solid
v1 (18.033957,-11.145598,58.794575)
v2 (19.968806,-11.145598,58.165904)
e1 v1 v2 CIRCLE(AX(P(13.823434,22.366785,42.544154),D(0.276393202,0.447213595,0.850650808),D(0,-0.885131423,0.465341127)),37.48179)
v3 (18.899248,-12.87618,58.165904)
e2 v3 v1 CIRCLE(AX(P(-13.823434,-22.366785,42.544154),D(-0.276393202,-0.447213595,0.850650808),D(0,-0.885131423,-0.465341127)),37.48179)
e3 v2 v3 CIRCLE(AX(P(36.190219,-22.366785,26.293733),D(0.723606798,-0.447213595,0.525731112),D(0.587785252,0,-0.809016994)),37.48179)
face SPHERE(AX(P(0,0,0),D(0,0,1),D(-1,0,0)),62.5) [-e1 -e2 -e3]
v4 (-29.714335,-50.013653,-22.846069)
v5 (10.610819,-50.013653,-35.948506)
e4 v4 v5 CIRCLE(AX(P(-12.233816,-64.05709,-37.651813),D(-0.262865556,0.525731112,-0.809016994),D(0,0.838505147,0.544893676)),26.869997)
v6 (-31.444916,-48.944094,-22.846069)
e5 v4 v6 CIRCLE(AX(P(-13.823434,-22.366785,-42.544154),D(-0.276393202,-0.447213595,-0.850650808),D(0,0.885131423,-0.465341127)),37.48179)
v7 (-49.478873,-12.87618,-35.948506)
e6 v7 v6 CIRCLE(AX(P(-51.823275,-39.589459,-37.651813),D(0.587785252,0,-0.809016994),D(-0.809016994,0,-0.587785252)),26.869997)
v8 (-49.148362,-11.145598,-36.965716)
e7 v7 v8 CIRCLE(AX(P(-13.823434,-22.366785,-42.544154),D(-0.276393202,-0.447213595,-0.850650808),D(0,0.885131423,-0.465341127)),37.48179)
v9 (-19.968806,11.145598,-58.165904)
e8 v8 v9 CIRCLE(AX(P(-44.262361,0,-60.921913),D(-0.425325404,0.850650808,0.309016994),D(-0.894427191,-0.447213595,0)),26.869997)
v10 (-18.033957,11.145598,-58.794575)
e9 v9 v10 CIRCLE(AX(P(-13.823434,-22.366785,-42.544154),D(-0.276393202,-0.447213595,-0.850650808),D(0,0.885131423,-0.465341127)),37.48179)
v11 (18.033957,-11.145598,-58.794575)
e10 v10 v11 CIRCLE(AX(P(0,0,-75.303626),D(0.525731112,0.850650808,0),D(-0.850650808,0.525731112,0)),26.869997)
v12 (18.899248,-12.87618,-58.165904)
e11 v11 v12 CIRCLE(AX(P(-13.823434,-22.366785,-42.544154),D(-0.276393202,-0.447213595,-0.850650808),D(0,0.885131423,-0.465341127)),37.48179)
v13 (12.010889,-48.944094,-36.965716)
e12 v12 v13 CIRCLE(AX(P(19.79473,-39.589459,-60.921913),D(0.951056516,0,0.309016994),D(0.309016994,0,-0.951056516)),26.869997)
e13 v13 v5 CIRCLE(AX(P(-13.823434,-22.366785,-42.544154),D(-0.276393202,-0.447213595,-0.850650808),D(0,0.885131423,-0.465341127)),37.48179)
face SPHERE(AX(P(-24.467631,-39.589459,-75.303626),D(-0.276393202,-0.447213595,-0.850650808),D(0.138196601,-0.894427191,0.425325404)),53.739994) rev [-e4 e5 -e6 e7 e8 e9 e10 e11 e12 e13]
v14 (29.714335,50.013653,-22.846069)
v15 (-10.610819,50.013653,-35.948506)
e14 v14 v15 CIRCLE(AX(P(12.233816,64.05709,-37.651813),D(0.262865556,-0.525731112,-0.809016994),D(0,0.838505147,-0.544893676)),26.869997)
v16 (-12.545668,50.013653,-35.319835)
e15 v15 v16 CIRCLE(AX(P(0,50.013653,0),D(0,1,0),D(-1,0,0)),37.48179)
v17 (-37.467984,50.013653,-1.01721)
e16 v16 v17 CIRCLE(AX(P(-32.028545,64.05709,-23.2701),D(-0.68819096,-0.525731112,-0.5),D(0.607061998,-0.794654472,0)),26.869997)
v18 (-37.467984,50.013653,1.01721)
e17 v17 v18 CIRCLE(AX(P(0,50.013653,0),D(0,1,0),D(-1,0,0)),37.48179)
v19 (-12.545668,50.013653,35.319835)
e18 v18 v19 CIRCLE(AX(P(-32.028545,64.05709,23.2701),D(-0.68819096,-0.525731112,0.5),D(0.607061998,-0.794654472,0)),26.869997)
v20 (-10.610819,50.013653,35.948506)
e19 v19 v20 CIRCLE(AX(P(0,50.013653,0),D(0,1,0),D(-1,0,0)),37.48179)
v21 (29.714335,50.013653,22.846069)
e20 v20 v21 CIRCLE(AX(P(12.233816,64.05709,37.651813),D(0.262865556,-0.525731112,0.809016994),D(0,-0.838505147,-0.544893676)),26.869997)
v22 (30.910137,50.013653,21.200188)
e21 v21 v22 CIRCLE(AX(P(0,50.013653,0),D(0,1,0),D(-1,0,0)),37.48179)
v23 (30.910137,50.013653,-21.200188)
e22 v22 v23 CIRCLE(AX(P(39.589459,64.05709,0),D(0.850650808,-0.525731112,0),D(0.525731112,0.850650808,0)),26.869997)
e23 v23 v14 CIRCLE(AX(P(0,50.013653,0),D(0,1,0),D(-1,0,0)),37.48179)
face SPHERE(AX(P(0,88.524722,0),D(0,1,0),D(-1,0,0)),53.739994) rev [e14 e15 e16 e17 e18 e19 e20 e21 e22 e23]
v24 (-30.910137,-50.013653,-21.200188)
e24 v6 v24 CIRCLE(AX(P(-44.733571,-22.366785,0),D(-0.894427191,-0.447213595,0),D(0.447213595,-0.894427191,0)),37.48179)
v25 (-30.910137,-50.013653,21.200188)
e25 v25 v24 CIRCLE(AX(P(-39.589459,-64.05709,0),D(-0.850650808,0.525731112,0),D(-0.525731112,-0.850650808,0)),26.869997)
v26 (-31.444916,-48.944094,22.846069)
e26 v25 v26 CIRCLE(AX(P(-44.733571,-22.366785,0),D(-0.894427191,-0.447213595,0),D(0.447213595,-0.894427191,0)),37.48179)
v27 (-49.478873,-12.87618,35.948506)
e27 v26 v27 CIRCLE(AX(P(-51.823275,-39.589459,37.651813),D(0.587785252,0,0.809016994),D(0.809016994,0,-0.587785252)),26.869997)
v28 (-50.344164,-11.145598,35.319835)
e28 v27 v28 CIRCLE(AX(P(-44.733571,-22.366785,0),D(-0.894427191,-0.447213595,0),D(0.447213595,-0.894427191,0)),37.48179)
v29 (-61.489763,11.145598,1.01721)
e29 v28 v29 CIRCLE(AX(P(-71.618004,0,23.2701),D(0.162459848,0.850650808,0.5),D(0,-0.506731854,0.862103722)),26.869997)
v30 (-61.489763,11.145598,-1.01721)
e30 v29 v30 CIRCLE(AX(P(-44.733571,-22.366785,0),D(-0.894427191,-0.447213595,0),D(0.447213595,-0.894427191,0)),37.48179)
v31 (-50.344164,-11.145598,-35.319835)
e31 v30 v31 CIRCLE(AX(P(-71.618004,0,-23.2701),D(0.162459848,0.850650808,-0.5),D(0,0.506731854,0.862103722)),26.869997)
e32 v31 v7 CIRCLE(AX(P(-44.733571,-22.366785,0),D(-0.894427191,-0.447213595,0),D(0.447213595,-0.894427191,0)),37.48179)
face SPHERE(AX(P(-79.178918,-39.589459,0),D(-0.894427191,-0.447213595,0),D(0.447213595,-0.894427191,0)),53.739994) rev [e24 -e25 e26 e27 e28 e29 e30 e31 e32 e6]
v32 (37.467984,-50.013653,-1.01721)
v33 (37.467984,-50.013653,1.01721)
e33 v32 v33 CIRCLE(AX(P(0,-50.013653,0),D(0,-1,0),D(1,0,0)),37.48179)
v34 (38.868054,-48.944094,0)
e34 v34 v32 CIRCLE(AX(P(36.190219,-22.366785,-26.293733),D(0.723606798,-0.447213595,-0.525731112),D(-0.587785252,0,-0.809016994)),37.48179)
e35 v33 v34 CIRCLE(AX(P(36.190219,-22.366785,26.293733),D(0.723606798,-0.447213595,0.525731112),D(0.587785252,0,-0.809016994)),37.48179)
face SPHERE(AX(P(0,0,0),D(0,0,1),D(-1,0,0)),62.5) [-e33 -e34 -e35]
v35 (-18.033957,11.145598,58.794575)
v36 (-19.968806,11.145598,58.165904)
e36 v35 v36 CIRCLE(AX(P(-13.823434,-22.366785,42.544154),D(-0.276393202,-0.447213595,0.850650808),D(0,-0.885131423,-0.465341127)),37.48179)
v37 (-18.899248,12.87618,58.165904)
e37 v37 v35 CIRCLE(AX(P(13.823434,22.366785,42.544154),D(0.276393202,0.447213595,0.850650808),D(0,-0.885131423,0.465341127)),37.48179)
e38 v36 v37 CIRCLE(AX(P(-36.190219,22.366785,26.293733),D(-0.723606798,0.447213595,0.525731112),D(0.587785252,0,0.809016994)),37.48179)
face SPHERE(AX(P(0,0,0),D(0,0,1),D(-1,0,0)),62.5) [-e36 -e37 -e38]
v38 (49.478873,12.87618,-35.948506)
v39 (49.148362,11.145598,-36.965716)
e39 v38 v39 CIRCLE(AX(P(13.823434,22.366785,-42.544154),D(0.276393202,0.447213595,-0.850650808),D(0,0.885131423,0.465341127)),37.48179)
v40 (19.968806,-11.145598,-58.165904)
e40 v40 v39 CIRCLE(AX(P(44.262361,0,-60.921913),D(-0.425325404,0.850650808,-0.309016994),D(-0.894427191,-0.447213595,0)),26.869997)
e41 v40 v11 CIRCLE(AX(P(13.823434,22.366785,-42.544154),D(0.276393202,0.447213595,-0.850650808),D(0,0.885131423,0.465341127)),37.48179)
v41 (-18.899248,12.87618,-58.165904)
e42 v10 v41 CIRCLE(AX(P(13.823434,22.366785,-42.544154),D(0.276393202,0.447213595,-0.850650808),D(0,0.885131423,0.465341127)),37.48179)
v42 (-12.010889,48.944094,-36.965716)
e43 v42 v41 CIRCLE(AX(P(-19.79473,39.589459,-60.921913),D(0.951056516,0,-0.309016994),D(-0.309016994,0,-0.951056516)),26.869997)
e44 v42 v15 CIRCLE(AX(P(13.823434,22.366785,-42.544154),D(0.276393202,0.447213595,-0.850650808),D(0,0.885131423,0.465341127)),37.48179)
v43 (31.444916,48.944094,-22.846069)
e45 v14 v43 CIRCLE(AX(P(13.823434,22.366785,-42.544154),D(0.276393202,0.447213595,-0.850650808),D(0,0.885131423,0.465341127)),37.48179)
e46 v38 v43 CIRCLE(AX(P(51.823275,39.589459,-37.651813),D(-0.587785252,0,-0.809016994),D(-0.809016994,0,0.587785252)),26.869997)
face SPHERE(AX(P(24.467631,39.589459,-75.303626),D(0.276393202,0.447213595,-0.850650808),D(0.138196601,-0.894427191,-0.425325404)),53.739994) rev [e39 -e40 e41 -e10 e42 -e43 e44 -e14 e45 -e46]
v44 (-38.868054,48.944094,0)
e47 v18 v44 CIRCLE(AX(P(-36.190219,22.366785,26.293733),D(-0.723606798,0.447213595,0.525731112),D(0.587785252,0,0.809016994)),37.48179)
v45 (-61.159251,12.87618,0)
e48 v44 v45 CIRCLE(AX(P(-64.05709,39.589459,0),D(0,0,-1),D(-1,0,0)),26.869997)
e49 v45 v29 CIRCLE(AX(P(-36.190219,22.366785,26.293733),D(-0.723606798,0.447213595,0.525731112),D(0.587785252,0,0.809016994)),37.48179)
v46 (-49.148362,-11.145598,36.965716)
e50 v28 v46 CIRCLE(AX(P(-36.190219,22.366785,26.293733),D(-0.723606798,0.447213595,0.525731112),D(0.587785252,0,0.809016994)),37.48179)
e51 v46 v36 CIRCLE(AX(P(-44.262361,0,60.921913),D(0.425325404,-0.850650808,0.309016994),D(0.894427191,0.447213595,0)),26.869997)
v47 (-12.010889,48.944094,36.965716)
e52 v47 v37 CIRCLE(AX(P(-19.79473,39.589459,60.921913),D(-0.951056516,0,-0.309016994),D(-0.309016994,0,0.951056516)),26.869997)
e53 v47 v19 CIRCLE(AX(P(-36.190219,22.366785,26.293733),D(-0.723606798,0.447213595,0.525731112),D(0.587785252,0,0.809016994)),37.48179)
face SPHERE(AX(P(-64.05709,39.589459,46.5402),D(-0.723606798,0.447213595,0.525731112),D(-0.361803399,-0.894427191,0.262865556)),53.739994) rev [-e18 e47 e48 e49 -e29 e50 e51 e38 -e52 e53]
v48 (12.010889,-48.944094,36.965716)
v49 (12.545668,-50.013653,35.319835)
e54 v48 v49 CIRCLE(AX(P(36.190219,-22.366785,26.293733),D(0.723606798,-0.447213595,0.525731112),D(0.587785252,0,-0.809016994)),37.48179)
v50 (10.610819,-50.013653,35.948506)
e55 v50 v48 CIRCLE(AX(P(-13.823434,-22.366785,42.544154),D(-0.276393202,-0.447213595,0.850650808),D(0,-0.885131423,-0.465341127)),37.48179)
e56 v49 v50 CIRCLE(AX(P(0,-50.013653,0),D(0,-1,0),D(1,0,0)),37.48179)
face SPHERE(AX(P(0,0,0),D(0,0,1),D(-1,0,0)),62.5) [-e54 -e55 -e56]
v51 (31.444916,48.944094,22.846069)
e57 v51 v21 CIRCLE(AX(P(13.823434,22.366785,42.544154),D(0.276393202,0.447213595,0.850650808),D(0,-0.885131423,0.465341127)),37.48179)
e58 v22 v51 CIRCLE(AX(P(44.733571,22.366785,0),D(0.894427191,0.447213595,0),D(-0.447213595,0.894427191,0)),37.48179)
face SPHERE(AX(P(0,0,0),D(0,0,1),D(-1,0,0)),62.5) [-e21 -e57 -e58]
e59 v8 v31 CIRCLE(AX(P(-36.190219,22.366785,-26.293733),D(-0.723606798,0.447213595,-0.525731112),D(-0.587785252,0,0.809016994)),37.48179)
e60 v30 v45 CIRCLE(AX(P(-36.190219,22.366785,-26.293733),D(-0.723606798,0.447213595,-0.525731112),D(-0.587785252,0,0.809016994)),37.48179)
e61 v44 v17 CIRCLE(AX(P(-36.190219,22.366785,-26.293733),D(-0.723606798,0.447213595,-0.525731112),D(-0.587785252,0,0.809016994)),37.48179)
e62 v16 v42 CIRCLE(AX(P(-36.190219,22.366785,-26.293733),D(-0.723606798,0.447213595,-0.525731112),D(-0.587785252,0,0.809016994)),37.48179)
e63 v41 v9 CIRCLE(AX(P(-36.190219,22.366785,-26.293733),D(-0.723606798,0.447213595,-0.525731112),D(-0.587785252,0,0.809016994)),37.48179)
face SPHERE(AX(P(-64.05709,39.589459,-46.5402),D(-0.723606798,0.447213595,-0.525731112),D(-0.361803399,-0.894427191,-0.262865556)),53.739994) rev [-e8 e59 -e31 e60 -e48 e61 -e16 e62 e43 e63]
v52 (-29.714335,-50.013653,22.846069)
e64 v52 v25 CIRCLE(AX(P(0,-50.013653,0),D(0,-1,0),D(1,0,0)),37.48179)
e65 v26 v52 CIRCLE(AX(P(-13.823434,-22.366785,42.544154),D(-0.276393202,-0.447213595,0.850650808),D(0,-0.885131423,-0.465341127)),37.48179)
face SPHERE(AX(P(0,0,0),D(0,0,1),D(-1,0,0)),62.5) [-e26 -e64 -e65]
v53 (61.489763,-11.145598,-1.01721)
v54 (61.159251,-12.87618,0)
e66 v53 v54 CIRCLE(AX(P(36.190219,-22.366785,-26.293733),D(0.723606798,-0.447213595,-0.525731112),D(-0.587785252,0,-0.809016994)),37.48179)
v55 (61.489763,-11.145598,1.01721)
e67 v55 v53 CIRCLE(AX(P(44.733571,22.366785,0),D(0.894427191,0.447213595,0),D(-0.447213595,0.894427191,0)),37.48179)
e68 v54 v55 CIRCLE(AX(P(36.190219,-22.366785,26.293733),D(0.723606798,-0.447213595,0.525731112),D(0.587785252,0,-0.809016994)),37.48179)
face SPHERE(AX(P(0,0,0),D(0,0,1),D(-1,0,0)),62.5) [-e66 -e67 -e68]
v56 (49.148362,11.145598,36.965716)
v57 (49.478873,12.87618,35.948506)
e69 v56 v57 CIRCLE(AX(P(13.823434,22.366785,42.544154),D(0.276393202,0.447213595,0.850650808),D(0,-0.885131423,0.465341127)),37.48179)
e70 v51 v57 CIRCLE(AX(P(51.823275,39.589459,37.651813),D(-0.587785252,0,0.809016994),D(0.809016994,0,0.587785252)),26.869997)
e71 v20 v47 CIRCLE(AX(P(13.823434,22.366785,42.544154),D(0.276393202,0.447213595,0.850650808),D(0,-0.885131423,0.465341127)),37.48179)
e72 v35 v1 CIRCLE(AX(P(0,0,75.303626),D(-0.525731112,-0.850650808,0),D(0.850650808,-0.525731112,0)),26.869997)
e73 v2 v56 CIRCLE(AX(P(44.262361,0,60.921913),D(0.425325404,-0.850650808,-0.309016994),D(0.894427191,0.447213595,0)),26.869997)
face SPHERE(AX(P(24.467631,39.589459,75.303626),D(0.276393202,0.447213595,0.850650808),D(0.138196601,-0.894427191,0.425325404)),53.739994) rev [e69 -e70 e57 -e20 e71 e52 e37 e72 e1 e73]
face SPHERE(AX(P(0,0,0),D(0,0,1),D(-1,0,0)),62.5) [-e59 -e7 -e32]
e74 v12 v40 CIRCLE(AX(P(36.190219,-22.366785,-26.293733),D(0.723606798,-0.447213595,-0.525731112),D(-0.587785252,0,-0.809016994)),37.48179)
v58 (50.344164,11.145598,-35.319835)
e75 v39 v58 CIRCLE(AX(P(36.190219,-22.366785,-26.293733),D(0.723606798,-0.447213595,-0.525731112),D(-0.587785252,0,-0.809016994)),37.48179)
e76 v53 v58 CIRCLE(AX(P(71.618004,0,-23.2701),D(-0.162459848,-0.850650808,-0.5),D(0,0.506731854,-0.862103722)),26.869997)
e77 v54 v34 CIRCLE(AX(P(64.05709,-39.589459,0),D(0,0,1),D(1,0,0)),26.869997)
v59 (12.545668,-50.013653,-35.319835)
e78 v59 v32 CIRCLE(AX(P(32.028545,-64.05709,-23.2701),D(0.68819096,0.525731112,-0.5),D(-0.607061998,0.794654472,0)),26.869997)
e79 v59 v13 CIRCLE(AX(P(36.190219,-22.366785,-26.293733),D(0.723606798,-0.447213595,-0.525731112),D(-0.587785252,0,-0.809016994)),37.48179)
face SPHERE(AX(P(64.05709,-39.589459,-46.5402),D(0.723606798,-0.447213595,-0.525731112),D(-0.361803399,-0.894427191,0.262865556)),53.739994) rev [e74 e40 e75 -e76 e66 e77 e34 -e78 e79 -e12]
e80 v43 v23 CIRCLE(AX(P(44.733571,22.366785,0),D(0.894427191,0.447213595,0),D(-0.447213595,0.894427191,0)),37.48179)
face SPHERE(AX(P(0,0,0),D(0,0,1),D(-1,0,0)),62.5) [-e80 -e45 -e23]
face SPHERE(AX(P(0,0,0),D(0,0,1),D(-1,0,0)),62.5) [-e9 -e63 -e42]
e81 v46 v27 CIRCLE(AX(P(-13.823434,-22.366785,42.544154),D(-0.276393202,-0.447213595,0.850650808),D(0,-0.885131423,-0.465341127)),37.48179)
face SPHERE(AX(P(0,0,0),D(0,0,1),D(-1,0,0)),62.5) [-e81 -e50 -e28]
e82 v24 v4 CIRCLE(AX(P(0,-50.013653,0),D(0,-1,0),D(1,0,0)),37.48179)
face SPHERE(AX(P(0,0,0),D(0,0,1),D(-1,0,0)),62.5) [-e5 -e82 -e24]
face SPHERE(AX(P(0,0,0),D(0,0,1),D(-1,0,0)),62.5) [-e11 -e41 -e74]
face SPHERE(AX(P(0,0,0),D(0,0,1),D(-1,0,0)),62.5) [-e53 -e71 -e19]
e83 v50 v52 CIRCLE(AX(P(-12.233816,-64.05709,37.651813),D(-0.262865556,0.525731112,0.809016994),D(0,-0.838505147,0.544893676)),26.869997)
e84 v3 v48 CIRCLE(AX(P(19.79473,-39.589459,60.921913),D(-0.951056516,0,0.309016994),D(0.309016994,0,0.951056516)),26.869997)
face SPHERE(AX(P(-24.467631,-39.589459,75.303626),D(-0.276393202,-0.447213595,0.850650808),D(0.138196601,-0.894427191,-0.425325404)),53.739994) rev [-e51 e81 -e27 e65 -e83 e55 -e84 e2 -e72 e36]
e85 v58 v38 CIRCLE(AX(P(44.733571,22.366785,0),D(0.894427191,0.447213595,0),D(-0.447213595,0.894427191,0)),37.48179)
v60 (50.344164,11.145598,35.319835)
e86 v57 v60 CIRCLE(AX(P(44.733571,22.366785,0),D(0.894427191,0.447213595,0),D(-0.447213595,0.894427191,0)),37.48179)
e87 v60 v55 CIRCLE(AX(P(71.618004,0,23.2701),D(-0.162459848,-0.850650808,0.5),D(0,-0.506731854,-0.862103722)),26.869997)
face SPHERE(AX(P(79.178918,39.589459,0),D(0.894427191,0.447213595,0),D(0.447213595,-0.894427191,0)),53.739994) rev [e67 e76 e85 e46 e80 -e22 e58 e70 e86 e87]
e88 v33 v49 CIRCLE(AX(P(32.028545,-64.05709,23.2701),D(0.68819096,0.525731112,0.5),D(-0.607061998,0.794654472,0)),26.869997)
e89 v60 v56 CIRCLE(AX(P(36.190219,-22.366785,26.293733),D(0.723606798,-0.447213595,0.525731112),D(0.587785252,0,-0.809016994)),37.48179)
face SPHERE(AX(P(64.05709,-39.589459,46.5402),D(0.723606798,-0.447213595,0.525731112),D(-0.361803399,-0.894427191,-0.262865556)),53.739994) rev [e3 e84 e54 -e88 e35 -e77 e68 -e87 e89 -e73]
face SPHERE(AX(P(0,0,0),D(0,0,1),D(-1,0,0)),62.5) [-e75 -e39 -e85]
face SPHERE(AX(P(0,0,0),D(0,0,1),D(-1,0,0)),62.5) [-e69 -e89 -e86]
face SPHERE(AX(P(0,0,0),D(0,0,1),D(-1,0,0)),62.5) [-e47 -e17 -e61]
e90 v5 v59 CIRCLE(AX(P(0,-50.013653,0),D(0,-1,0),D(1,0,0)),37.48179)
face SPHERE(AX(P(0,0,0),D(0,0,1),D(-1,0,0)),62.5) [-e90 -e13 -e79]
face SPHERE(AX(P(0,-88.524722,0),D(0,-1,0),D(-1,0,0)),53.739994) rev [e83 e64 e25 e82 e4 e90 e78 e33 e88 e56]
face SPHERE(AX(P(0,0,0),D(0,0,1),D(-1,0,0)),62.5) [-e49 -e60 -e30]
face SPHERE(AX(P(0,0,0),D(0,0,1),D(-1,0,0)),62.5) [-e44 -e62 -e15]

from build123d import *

# Parameters (mm, degrees)
CIRPATTERN1_COUNT = 2
CIRPATTERN1_ANGLE = 116.565051177


with BuildPart() as part:
    # Sketch1 → Revolve1 (revolve)
    with BuildSketch(Plane(origin=(0, 0, 0), x_dir=(1, 0, 0), z_dir=(0, 1, 0))):
        with BuildLine():
            Line((0, -62.5), (0, 62.5))
            ThreePointArc((0, 62.5), (62.5, 0), (0, -62.5))
        make_face()
    revolve(axis=Axis((0, 0, 62.5), (0, 0, -1)))

    # Sketch2 → Cut-Revolve1 (revolve, cut)
    with BuildSketch(Plane.XY):
        with BuildLine():
            Line((0, 142.264715974), (0, 34.784727212))
            ThreePointArc((0, 34.784727212), (-53.739994381, 88.524721593), (0, 142.264715974))
        make_face()
    cut_revolve1 = revolve(axis=Axis((0, 142.264715974, 0), (0, -1, 0)), mode=Mode.SUBTRACT)

    # Mirror1: Cut-Revolve1 across plane
    add(cut_revolve1.mirror(Plane.ZX), mode=Mode.SUBTRACT)

    # CirPattern1: Cut-Revolve1 ×2 about axis
    cirpattern1_axis = Axis((0, 0, -110), (0, 0, 1))
    for i in range(1, CIRPATTERN1_COUNT):
        add(cut_revolve1.rotate(cirpattern1_axis, i * CIRPATTERN1_ANGLE / (CIRPATTERN1_COUNT - 1)), mode=Mode.SUBTRACT)

    # CirPattern1 copy 1 sketch → CirPattern1 copy 1 (revolve, cut)
    with BuildSketch(Plane(origin=(0, 0, 0), x_dir=(-0.44721359549996187, 0.8944271909999139, 0), z_dir=(0, 0, 1))):
        with BuildLine():
            Line((0, -142.264715974), (0, -34.784727212))
            ThreePointArc((0, -34.784727212), (-53.739994381, -88.524721593), (0, -142.264715974))
        make_face()
    revolve(axis=Axis((127.245430287, 63.622715144, 0), (0.894427190999914, 0.4472135954999616, 0)), mode=Mode.SUBTRACT)

    # CirPattern2 copy 1 sketch → CirPattern2 copy 1 (revolve, cut)
    with BuildSketch(Plane(origin=(0, 0, 0), x_dir=(-0.13819660112501175, 0.8944271909999139, -0.42532540417602366), z_dir=(-0.9510565162951535, 0, 0.30901699437494745))):
        with BuildLine():
            Line((0, 142.264715974), (0, 34.784727212))
            ThreePointArc((0, 34.784727212), (-53.739994381, 88.524721593), (0, 142.264715974))
        make_face()
    revolve(axis=Axis((-39.321000415, -63.622715144, -121.017595643), (0.2763932022500204, 0.44721359549996215, 0.8506508083520379)), mode=Mode.SUBTRACT)

    # CirPattern2 copy 2 sketch → CirPattern2 copy 2 (revolve, cut)
    with BuildSketch(Plane(origin=(0, 0, 0), x_dir=(0.36180339887499263, 0.8944271909999139, -0.2628655560595692), z_dir=(-0.5877852522924732, 0, -0.8090169943749473))):
        with BuildLine():
            Line((0, 142.264715974), (0, 34.784727212))
            ThreePointArc((0, 34.784727212), (-53.739994381, 88.524721593), (0, 142.264715974))
        make_face()
    revolve(axis=Axis((102.943715559, -63.622715144, -74.792987344), (-0.7236067977499772, 0.44721359549996215, 0.5257311121191324)), mode=Mode.SUBTRACT)

    # CirPattern2 copy 3 sketch → CirPattern2 copy 3 (revolve, cut)
    with BuildSketch(Plane(origin=(0, 0, 0), x_dir=(0.36180339887499274, 0.8944271909999137, 0.26286555605956907), z_dir=(0.587785252292473, 0, -0.8090169943749476))):
        with BuildLine():
            Line((0, 142.264715974), (0, 34.784727212))
            ThreePointArc((0, 34.784727212), (-53.739994381, 88.524721593), (0, 142.264715974))
        make_face()
    revolve(axis=Axis((102.943715559, -63.622715144, 74.792987344), (-0.7236067977499774, 0.4472135954999621, -0.5257311121191323)), mode=Mode.SUBTRACT)

    # CirPattern2 copy 4 sketch → CirPattern2 copy 4 (revolve, cut)
    with BuildSketch(Plane(origin=(0, 0, 0), x_dir=(-0.13819660112501164, 0.8944271909999139, 0.4253254041760237), z_dir=(0.9510565162951536, 0, 0.30901699437494723))):
        with BuildLine():
            Line((0, 142.264715974), (0, 34.784727212))
            ThreePointArc((0, 34.784727212), (-53.739994381, 88.524721593), (0, 142.264715974))
        make_face()
    revolve(axis=Axis((-39.321000415, -63.622715144, 121.017595643), (0.2763932022500202, 0.44721359549996215, -0.850650808352038)), mode=Mode.SUBTRACT)

    # CirPattern2 copy 5 sketch → CirPattern2 copy 5 (revolve, cut)
    with BuildSketch(Plane(origin=(0, 0, 0), x_dir=(-0.13819660112501175, 0.8944271909999139, -0.42532540417602366), z_dir=(-0.9510565162951535, 0, 0.30901699437494745))):
        with BuildLine():
            Line((0, -142.264715974), (0, -34.784727212))
            ThreePointArc((0, -34.784727212), (-53.739994381, -88.524721593), (0, -142.264715974))
        make_face()
    revolve(axis=Axis((39.321000415, 63.622715144, 121.017595643), (0.2763932022500205, 0.4472135954999616, 0.8506508083520381)), mode=Mode.SUBTRACT)

    # CirPattern2 copy 6 sketch → CirPattern2 copy 6 (revolve, cut)
    with BuildSketch(Plane(origin=(0, 0, 0), x_dir=(0.36180339887499263, 0.8944271909999139, -0.2628655560595692), z_dir=(-0.5877852522924732, 0, -0.8090169943749473))):
        with BuildLine():
            Line((0, -142.264715974), (0, -34.784727212))
            ThreePointArc((0, -34.784727212), (-53.739994381, -88.524721593), (0, -142.264715974))
        make_face()
    revolve(axis=Axis((-102.943715559, 63.622715144, 74.792987344), (-0.7236067977499774, 0.4472135954999616, 0.5257311121191326)), mode=Mode.SUBTRACT)

    # CirPattern2 copy 7 sketch → CirPattern2 copy 7 (revolve, cut)
    with BuildSketch(Plane(origin=(0, 0, 0), x_dir=(0.36180339887499274, 0.8944271909999137, 0.26286555605956907), z_dir=(0.587785252292473, 0, -0.8090169943749476))):
        with BuildLine():
            Line((0, -142.264715974), (0, -34.784727212))
            ThreePointArc((0, -34.784727212), (-53.739994381, -88.524721593), (0, -142.264715974))
        make_face()
    revolve(axis=Axis((-102.943715559, 63.622715144, -74.792987344), (-0.7236067977499776, 0.44721359549996154, -0.5257311121191325)), mode=Mode.SUBTRACT)

    # CirPattern2 copy 8 sketch → CirPattern2 copy 8 (revolve, cut)
    with BuildSketch(Plane(origin=(0, 0, 0), x_dir=(-0.13819660112501164, 0.8944271909999139, 0.4253254041760237), z_dir=(0.9510565162951536, 0, 0.30901699437494723))):
        with BuildLine():
            Line((0, -142.264715974), (0, -34.784727212))
            ThreePointArc((0, -34.784727212), (-53.739994381, -88.524721593), (0, -142.264715974))
        make_face()
    revolve(axis=Axis((39.321000415, 63.622715144, -121.017595643), (0.2763932022500203, 0.4472135954999616, -0.8506508083520382)), mode=Mode.SUBTRACT)

    # CirPattern2 copy 9 sketch → CirPattern2 copy 9 (revolve, cut)
    with BuildSketch(Plane(origin=(0, 0, 0), x_dir=(0.30901699437494745, 0, 0.9510565162951535), z_dir=(-0.9510565162951535, 0, 0.30901699437494745))):
        with BuildLine():
            Line((0, 142.264715974), (0, 34.784727212))
            ThreePointArc((0, 34.784727212), (-53.739994381, 88.524721593), (0, 142.264715974))
        make_face()
    revolve(axis=Axis((0, 142.264715974, 0), (0, -1, 0)), mode=Mode.SUBTRACT)

    # CirPattern2 copy 10 sketch → CirPattern2 copy 10 (revolve, cut)
    with BuildSketch(Plane(origin=(0, 0, 0), x_dir=(-0.8090169943749473, 0, 0.5877852522924732), z_dir=(-0.5877852522924732, 0, -0.8090169943749473))):
        with BuildLine():
            Line((0, 142.264715974), (0, 34.784727212))
            ThreePointArc((0, 34.784727212), (-53.739994381, 88.524721593), (0, 142.264715974))
        make_face()
    revolve(axis=Axis((0, 142.264715974, 0), (0, -1, 0)), mode=Mode.SUBTRACT)

    # CirPattern2 copy 11 sketch → CirPattern2 copy 11 (revolve, cut)
    with BuildSketch(Plane(origin=(0, 0, 0), x_dir=(-0.8090169943749476, 0, -0.587785252292473), z_dir=(0.587785252292473, 0, -0.8090169943749476))):
        with BuildLine():
            Line((0, 142.264715974), (0, 34.784727212))
            ThreePointArc((0, 34.784727212), (-53.739994381, 88.524721593), (0, 142.264715974))
        make_face()
    revolve(axis=Axis((0, 142.264715974, 0), (0, -1, 0)), mode=Mode.SUBTRACT)

    # CirPattern2 copy 12 sketch → CirPattern2 copy 12 (revolve, cut)
    with BuildSketch(Plane(origin=(0, 0, 0), x_dir=(0.30901699437494723, 0, -0.9510565162951536), z_dir=(0.9510565162951536, 0, 0.30901699437494723))):
        with BuildLine():
            Line((0, 142.264715974), (0, 34.784727212))
            ThreePointArc((0, 34.784727212), (-53.739994381, 88.524721593), (0, 142.264715974))
        make_face()
    revolve(axis=Axis((0, 142.264715974, 0), (0, -1, 0)), mode=Mode.SUBTRACT)


solid = part.part
